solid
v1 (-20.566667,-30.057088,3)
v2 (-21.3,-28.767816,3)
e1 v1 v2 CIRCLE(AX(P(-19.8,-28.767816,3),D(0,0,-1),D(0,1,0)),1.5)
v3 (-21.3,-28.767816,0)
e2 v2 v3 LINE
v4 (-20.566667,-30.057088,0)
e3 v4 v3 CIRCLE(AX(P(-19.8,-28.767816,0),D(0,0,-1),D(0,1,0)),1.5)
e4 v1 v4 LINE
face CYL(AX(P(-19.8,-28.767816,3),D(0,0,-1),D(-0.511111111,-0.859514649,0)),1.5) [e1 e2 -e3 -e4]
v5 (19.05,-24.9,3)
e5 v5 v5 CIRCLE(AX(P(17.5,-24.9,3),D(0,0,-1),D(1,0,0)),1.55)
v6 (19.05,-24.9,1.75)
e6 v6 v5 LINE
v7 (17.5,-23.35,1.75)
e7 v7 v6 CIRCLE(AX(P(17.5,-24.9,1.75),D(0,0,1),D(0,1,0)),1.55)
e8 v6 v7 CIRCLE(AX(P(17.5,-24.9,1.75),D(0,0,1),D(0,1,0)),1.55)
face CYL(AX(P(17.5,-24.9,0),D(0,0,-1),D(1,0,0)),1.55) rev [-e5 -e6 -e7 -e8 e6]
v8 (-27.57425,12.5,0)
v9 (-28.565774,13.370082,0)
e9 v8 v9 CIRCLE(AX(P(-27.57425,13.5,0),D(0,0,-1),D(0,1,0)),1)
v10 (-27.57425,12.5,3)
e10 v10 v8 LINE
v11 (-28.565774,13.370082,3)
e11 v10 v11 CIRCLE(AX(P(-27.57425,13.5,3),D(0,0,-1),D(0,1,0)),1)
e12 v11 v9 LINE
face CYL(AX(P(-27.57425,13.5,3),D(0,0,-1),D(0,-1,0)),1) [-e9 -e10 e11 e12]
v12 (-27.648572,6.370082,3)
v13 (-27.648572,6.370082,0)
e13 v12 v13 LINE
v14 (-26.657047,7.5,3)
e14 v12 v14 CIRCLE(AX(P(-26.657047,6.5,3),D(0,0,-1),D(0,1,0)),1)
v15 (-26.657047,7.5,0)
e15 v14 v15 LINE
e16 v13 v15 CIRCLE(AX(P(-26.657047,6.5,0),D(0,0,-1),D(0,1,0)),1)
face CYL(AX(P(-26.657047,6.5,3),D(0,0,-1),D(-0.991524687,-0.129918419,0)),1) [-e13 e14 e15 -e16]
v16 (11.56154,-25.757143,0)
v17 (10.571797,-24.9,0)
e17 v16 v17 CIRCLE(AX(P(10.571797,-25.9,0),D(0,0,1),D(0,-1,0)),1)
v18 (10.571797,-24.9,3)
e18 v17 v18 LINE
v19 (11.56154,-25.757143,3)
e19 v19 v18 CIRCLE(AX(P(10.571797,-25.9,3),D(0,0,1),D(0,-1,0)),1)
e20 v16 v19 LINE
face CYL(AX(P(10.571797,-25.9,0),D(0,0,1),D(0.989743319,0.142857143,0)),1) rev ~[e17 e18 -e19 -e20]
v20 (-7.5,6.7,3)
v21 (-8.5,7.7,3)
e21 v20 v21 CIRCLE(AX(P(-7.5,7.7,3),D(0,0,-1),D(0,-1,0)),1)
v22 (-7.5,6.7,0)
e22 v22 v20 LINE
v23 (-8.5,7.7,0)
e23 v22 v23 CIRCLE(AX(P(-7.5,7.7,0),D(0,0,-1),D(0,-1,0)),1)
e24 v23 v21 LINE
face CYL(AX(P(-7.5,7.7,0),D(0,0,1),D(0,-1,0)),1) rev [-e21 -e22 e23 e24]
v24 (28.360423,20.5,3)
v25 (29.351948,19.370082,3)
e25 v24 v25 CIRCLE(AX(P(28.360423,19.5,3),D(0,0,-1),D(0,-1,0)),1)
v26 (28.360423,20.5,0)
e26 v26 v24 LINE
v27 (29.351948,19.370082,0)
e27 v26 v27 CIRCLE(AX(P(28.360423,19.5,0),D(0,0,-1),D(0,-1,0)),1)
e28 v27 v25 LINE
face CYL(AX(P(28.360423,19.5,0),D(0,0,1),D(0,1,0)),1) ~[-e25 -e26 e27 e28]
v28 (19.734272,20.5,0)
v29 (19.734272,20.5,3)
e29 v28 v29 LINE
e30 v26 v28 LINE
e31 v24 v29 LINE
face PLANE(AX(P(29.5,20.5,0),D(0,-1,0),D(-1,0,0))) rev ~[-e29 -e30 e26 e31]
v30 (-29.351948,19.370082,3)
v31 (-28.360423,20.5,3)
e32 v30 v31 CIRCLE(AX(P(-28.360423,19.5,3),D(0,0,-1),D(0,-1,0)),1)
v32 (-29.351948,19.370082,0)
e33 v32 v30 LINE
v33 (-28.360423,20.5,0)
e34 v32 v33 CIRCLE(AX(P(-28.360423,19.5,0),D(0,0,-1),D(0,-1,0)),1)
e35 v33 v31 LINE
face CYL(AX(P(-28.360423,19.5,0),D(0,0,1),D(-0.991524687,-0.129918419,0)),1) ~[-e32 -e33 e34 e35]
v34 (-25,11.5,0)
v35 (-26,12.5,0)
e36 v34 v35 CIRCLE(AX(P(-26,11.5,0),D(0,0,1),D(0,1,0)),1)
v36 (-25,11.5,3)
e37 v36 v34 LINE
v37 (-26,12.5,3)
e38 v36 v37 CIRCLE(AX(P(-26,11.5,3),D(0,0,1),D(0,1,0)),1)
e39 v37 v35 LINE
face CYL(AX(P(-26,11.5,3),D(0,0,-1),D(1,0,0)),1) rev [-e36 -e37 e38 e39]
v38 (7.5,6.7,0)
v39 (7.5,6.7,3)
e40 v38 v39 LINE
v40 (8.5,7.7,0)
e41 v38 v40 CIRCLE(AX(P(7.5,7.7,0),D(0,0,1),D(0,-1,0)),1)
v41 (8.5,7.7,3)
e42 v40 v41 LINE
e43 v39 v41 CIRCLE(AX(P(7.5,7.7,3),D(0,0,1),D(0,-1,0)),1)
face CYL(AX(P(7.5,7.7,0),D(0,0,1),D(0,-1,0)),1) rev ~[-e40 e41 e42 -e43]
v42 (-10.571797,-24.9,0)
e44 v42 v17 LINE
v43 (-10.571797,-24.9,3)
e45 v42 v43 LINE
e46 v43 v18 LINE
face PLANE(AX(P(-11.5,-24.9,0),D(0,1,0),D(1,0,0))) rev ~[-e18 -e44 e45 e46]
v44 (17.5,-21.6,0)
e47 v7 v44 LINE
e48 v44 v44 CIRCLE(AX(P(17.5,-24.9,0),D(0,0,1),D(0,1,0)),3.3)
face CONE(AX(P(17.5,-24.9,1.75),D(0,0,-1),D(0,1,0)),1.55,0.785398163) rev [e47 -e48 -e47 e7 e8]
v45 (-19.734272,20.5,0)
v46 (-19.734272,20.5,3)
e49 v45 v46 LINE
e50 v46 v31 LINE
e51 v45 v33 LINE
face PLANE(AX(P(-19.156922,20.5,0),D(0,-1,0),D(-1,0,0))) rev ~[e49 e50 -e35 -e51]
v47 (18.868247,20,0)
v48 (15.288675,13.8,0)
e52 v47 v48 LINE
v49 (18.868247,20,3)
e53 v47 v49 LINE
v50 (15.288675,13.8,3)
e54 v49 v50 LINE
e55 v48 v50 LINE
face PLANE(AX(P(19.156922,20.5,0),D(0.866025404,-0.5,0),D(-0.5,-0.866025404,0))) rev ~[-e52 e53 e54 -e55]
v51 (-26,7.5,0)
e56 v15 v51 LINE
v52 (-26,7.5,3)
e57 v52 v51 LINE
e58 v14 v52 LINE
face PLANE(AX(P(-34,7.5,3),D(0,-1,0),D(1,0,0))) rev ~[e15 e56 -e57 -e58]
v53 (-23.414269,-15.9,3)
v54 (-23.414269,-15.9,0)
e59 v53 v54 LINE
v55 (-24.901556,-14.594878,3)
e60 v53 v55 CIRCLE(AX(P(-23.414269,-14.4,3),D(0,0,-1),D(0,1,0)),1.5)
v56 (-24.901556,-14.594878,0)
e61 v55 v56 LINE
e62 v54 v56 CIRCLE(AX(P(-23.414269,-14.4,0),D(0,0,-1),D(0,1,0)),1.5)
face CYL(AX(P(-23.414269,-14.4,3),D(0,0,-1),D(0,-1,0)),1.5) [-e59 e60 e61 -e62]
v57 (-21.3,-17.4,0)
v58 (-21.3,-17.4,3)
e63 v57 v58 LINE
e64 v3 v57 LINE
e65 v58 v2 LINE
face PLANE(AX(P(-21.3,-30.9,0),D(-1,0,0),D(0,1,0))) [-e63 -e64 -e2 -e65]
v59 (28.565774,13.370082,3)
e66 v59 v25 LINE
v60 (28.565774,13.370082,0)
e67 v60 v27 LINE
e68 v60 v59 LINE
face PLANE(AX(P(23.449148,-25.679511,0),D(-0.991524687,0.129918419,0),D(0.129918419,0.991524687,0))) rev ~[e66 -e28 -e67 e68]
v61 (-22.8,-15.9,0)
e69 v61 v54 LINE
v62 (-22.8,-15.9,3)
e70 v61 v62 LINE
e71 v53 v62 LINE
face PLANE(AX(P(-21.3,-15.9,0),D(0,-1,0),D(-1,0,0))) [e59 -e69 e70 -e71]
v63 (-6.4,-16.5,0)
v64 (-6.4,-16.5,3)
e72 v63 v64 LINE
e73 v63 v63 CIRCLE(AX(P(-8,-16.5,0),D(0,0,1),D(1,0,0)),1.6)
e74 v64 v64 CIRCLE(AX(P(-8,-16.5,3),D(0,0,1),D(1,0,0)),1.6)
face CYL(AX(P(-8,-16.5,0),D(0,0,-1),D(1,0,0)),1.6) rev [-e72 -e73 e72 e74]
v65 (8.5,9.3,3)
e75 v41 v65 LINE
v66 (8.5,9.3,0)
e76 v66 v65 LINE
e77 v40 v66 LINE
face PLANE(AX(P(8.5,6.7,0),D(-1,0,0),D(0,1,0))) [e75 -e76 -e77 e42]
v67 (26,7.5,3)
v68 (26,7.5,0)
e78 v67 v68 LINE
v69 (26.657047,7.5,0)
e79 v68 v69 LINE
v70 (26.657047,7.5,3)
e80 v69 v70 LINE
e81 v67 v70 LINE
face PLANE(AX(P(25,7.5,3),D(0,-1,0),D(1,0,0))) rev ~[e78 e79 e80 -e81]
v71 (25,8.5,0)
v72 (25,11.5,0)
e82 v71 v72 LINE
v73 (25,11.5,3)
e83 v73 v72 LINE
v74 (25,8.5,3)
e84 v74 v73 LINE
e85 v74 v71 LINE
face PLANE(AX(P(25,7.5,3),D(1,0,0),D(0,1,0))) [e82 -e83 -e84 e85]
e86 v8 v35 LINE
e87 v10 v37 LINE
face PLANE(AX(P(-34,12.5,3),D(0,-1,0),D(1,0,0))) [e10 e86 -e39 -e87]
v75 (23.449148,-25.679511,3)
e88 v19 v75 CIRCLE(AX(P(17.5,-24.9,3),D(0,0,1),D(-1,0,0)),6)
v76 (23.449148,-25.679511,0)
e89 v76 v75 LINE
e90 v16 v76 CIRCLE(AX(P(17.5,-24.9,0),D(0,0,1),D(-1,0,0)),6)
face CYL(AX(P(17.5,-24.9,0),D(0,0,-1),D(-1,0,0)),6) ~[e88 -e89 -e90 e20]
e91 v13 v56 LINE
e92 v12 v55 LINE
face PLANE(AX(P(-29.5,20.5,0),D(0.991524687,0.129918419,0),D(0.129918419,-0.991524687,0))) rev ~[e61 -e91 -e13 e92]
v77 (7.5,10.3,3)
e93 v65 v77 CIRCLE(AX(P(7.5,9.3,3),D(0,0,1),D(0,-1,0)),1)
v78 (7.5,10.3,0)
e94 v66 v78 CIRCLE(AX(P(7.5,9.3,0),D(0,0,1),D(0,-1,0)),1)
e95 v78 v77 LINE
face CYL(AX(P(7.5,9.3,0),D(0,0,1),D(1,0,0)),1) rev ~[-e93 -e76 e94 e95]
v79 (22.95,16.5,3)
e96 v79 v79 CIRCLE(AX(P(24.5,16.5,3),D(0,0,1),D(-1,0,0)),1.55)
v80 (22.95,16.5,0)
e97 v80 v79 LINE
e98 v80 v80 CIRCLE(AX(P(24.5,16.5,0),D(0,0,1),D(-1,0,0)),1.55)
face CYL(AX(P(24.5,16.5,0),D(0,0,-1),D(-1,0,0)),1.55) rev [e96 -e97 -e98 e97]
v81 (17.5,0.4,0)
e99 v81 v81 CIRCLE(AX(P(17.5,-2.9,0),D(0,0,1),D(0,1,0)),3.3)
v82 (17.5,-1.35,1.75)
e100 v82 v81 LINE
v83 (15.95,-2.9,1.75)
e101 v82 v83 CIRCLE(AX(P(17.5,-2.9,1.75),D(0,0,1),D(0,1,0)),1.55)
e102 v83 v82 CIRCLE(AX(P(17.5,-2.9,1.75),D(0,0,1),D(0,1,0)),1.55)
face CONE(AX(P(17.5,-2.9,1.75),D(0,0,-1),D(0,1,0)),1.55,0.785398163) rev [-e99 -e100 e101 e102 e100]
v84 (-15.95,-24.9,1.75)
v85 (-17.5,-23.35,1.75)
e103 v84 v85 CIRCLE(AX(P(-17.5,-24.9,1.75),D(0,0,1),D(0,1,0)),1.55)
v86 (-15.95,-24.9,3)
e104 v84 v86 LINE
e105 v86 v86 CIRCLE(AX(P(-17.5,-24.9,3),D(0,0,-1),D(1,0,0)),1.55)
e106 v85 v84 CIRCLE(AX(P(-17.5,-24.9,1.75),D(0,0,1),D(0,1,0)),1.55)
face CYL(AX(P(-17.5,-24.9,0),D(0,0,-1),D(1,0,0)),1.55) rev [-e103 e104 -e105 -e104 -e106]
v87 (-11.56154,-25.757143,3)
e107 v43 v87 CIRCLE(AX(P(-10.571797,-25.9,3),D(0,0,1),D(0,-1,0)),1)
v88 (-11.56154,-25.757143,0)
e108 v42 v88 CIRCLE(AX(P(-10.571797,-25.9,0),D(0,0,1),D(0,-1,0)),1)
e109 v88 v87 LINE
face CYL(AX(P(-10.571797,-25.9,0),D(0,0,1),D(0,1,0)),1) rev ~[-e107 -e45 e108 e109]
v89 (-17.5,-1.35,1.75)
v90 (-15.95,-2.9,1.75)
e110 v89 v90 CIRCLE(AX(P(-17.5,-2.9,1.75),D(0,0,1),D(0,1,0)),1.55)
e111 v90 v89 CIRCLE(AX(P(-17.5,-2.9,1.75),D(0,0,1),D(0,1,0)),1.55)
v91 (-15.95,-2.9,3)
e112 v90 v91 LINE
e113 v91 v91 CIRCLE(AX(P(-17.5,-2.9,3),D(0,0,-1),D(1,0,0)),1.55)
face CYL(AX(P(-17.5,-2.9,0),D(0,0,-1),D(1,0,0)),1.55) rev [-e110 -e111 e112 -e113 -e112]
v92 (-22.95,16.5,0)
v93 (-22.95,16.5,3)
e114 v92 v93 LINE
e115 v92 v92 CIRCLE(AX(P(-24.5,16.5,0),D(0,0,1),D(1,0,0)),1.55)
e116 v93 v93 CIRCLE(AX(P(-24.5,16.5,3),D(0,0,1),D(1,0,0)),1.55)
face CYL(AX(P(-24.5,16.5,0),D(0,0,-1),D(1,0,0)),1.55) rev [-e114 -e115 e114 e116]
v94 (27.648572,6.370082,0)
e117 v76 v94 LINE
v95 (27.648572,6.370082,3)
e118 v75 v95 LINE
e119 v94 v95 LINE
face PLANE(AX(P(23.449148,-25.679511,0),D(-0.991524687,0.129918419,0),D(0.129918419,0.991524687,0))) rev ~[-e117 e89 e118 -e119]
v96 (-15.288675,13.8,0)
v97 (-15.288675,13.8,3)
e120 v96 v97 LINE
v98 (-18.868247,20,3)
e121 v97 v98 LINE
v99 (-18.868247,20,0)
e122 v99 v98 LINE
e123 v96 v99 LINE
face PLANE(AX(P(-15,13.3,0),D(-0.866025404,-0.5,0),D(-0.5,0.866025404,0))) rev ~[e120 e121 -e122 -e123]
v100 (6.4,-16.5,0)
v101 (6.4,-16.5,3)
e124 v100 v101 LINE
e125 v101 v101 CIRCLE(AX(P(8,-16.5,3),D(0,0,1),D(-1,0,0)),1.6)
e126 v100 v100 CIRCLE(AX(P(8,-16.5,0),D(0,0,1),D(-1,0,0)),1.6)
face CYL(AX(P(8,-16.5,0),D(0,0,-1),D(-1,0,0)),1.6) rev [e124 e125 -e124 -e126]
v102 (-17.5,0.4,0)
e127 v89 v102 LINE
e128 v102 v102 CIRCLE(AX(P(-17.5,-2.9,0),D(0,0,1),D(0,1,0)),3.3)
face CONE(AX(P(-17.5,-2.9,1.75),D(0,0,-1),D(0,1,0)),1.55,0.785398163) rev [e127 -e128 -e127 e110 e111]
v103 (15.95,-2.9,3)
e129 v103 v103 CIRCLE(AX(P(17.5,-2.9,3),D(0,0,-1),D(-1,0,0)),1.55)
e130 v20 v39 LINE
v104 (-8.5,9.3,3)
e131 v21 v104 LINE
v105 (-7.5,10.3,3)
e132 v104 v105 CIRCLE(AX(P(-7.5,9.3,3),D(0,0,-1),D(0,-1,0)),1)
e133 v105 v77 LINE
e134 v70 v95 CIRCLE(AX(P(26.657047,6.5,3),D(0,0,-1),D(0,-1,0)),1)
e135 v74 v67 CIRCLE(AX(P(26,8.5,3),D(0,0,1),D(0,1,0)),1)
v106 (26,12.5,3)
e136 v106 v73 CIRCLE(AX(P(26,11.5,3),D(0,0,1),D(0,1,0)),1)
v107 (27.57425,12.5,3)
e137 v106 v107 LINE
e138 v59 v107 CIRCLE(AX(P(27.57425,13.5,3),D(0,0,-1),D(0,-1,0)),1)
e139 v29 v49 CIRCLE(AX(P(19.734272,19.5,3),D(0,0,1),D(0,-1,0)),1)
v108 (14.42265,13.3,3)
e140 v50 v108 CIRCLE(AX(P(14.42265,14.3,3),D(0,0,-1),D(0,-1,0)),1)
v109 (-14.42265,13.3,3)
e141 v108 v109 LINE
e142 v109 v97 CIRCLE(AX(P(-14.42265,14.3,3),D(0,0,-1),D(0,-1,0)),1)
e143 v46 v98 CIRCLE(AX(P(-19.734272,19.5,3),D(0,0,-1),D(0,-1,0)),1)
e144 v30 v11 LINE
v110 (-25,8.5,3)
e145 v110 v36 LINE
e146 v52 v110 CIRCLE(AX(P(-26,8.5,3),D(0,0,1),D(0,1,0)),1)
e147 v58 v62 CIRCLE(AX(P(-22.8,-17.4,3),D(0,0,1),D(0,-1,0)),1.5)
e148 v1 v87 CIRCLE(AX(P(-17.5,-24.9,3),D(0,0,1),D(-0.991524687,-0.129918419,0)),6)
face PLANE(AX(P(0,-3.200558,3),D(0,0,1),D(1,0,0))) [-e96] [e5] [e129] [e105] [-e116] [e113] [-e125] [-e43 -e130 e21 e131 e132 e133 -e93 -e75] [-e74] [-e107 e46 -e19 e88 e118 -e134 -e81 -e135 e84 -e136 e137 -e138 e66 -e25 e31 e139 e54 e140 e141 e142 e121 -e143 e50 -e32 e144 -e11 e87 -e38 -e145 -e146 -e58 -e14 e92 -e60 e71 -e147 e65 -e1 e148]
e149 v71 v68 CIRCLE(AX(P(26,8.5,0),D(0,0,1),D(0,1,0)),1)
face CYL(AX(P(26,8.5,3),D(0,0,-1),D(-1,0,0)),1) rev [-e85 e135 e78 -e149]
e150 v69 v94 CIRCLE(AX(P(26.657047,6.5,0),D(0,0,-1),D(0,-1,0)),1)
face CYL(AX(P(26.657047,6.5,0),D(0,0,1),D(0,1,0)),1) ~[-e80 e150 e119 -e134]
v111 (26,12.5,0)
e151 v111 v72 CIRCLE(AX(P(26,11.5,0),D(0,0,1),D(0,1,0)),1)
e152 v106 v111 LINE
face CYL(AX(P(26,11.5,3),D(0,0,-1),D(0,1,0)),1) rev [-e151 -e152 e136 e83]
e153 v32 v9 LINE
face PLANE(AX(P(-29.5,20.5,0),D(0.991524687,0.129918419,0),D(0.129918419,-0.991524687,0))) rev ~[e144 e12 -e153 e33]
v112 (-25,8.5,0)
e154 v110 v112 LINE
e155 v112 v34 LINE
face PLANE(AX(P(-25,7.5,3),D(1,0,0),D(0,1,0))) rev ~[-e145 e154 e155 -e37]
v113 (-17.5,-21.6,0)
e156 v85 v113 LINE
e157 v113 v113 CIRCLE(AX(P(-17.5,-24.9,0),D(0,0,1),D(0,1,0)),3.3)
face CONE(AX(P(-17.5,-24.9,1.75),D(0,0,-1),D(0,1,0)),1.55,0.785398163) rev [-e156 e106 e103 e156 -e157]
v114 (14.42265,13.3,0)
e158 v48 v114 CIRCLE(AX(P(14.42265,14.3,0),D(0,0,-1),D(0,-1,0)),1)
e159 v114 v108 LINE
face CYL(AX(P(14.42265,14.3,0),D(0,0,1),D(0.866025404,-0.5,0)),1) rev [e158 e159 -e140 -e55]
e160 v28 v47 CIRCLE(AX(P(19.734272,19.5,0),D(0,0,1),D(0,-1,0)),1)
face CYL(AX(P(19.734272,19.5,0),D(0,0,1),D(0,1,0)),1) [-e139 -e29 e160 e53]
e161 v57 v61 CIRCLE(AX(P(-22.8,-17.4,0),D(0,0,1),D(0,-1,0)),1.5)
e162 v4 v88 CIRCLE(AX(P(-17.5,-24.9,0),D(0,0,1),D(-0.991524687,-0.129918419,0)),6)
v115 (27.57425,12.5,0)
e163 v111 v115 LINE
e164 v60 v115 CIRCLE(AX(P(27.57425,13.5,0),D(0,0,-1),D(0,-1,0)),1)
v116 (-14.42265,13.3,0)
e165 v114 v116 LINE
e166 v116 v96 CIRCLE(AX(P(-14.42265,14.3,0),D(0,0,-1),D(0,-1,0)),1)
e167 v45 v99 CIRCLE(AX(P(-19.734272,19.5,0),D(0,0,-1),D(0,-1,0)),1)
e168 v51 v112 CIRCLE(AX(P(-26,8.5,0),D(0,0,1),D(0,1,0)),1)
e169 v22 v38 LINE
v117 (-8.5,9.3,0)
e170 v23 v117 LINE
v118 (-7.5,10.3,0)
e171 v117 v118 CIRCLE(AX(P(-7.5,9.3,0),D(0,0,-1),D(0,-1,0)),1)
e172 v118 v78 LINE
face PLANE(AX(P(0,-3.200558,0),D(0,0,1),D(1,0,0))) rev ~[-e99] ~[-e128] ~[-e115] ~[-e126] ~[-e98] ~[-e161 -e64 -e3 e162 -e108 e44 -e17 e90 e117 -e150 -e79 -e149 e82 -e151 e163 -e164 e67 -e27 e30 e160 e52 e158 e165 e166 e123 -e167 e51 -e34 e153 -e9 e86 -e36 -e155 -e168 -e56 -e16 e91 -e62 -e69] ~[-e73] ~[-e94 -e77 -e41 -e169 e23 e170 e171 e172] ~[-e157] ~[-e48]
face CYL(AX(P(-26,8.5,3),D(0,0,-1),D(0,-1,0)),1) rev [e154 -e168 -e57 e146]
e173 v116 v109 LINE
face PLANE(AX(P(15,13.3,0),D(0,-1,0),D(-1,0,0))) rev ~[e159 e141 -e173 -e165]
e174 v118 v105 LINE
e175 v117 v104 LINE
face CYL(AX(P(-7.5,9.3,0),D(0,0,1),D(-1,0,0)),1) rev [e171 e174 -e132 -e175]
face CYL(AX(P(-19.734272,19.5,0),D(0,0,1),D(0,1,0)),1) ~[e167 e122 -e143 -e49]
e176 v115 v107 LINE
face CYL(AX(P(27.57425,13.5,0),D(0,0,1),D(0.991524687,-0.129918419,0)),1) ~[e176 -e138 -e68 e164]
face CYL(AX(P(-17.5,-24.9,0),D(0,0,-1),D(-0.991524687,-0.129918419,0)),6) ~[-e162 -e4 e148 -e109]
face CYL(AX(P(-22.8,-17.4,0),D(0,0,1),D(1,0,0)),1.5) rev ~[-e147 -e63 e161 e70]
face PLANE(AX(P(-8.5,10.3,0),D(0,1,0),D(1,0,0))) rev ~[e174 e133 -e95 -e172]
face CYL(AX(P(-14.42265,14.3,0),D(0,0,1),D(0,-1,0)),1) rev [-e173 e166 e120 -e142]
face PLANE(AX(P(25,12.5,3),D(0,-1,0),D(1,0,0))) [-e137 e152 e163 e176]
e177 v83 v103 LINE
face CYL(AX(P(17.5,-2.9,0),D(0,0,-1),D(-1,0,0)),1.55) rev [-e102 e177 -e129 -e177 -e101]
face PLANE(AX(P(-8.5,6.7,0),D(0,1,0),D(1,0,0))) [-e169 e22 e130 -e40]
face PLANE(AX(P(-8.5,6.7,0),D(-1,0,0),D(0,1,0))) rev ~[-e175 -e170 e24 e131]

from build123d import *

# Parameters (mm, degrees)
SKETCH_1_R               = 1.55
SKETCH_1_R_2             = 1.6
SKETCH_1_W               = 17
SKETCH_1_H               = 3.6
EXTRUDE_1_DEPTH          = 3
HOLE_WIZARD_1_AT_2_COUNT = 2
HOLE_WIZARD_1_AT_2_PITCH = 41.340053217
HOLE_WIZARD_1_AT_3_COUNT = 2
HOLE_WIZARD_1_AT_3_PITCH = 22
HOLE_WIZARD_1_AT_4_COUNT = 2
HOLE_WIZARD_1_AT_4_PITCH = 35
SKETCH_3_W               = 9
SKETCH_3_H               = 5
CUT_EXTRUDE_1_DEPTH      = 10
FILLET_1_R               = 1
SKETCH_4_W               = 16.565491158
SKETCH_4_H               = 15
CUT_EXTRUDE_2_DEPTH      = 10
FILLET_2_R               = 1.5


with BuildPart() as part:
    # 草图1 → 凸台-拉伸1 (new body)
    with BuildSketch(Plane.XY):
        with BuildLine():
            Line((29.5, 20.5), (19.156921938, 20.5))
            Line((19.156921938, 20.5), (15, 13.3))
            Line((15, 13.3), (-15, 13.3))
            Line((-15, 13.3), (-19.156921938, 20.5))
            Line((-19.156921938, 20.5), (-29.5, 20.5))
            Line((-29.5, 20.5), (-23.44914812, -25.679510516))
            ThreePointArc((-23.44914812, -25.679510516), (-17.109416283, -30.887273533), (-11.5, -24.9))
            Line((-11.5, -24.9), (11.5, -24.9))
            ThreePointArc((11.5, -24.9), (17.109416283, -30.887273533), (23.44914812, -25.679510516))
            Line((23.44914812, -25.679510516), (29.5, 20.5))
        make_face()
        with Locations((-24.5, 16.5)):
            Circle(SKETCH_1_R, mode=Mode.SUBTRACT)
        with Locations((-8, -16.5)):
            Circle(SKETCH_1_R_2, mode=Mode.SUBTRACT)
        with Locations(Location((8, -16.5, 0), (0, 0, 180))):
            Circle(SKETCH_1_R_2, mode=Mode.SUBTRACT)
        with Locations(Location((24.5, 16.5, 0), (0, 0, 180))):
            Circle(SKETCH_1_R, mode=Mode.SUBTRACT)
        with Locations((-17.5, -24.9)):
            Circle(SKETCH_1_R, mode=Mode.SUBTRACT)
        with Locations((17.5, -24.9)):
            Circle(SKETCH_1_R, mode=Mode.SUBTRACT)
        with Locations((-17.5, -2.9)):
            Circle(SKETCH_1_R, mode=Mode.SUBTRACT)
        with Locations(Location((17.5, -2.9, 0), (0, 0, 180))):
            Circle(SKETCH_1_R, mode=Mode.SUBTRACT)
        with Locations((0, 8.5)):
            Rectangle(SKETCH_1_W, SKETCH_1_H, mode=Mode.SUBTRACT)
    extrude(amount=EXTRUDE_1_DEPTH)

    # 草图2 → 打孔尺寸(%根据十字)槽沉头木螺钉的类型1 (revolve, cut)
    with BuildSketch(Plane(origin=(-17.5, -24.9, 0), x_dir=(0, 1, 0), z_dir=(1, 0, 0))):
        Polygon((0, 0), (0, 3), (1.55, 3), (1.55, 1.75), (3.3, 0), align=None)
    hole_wizard_1 = revolve(axis=Axis((-17.5, -24.9, -6.35), (0, 0, 1)), mode=Mode.SUBTRACT)

    # 打孔尺寸(%根据十字)槽沉头木螺钉的类型1 at 2: 打孔尺寸(%根据十字)槽沉头木螺钉的类型1 ×2
    with Locations(*[Vector(0.846636549211005, 0.5321715452183458, 0) * (i * HOLE_WIZARD_1_AT_2_PITCH) for i in range(1, HOLE_WIZARD_1_AT_2_COUNT)]):
        add(hole_wizard_1, mode=Mode.SUBTRACT)

    # 打孔尺寸(%根据十字)槽沉头木螺钉的类型1 at 3: 打孔尺寸(%根据十字)槽沉头木螺钉的类型1 ×2
    with Locations(*[(0, i * HOLE_WIZARD_1_AT_3_PITCH, 0) for i in range(1, HOLE_WIZARD_1_AT_3_COUNT)]):
        add(hole_wizard_1, mode=Mode.SUBTRACT)

    # 打孔尺寸(%根据十字)槽沉头木螺钉的类型1 at 4: 打孔尺寸(%根据十字)槽沉头木螺钉的类型1 ×2
    with Locations(*[(i * HOLE_WIZARD_1_AT_4_PITCH, 0, 0) for i in range(1, HOLE_WIZARD_1_AT_4_COUNT)]):
        add(hole_wizard_1, mode=Mode.SUBTRACT)

    # 草图3 → 切除-拉伸1 (cut)
    with BuildSketch(Plane.XY.offset(3)):
        with Locations((29.5, 10)):
            Rectangle(SKETCH_3_W, SKETCH_3_H)
        with Locations((-29.5, 10)):
            Rectangle(SKETCH_3_W, SKETCH_3_H)
    extrude(amount=-CUT_EXTRUDE_1_DEPTH, mode=Mode.SUBTRACT)

    # 圆角1
    fillet_1_edges = [part.edges().sort_by_distance(p)[0] for p in [
        (28.451768555, 12.5, 1.5),
        (27.796623902, 7.5, 1.5),
        (-28.451768555, 12.5, 1.5),
        (-27.796623902, 7.5, 1.5),
        (25, 7.5, 1.5),
        (25, 12.5, 1.5),
        (-25, 12.5, 1.5),
        (-25, 7.5, 1.5),
        (-19.156921938, 20.5, 1.5),
        (-15, 13.3, 1.5),
        (15, 13.3, 1.5),
        (19.156921938, 20.5, 1.5),
        (29.5, 20.5, 1.5),
        (11.5, -24.9, 1.5),
        (-11.5, -24.9, 1.5),
        (-29.5, 20.5, 1.5),
        (8.5, 6.7, 1.5),
        (8.5, 10.3, 1.5),
        (-8.5, 10.3, 1.5),
        (-8.5, 6.7, 1.5),
    ]]
    fillet(fillet_1_edges, radius=FILLET_1_R)

    # 草图4 → 切除-拉伸2 (cut)
    with BuildSketch(Plane(origin=(0, 0, 0), x_dir=(-1, 0, 0), z_dir=(0, 0, -1))):
        with Locations((29.582745579, -23.4)):
            Rectangle(SKETCH_4_W, SKETCH_4_H)
    extrude(amount=-CUT_EXTRUDE_2_DEPTH, mode=Mode.SUBTRACT)

    # 圆角2
    fillet_2_edges = [part.edges().sort_by_distance(p)[0] for p in [
        (-21.3, -29.543274706, 1.5),
        (-24.730546925, -15.9, 1.5),
        (-21.3, -15.9, 1.5),
    ]]
    fillet(fillet_2_edges, radius=FILLET_2_R)


solid = part.part
